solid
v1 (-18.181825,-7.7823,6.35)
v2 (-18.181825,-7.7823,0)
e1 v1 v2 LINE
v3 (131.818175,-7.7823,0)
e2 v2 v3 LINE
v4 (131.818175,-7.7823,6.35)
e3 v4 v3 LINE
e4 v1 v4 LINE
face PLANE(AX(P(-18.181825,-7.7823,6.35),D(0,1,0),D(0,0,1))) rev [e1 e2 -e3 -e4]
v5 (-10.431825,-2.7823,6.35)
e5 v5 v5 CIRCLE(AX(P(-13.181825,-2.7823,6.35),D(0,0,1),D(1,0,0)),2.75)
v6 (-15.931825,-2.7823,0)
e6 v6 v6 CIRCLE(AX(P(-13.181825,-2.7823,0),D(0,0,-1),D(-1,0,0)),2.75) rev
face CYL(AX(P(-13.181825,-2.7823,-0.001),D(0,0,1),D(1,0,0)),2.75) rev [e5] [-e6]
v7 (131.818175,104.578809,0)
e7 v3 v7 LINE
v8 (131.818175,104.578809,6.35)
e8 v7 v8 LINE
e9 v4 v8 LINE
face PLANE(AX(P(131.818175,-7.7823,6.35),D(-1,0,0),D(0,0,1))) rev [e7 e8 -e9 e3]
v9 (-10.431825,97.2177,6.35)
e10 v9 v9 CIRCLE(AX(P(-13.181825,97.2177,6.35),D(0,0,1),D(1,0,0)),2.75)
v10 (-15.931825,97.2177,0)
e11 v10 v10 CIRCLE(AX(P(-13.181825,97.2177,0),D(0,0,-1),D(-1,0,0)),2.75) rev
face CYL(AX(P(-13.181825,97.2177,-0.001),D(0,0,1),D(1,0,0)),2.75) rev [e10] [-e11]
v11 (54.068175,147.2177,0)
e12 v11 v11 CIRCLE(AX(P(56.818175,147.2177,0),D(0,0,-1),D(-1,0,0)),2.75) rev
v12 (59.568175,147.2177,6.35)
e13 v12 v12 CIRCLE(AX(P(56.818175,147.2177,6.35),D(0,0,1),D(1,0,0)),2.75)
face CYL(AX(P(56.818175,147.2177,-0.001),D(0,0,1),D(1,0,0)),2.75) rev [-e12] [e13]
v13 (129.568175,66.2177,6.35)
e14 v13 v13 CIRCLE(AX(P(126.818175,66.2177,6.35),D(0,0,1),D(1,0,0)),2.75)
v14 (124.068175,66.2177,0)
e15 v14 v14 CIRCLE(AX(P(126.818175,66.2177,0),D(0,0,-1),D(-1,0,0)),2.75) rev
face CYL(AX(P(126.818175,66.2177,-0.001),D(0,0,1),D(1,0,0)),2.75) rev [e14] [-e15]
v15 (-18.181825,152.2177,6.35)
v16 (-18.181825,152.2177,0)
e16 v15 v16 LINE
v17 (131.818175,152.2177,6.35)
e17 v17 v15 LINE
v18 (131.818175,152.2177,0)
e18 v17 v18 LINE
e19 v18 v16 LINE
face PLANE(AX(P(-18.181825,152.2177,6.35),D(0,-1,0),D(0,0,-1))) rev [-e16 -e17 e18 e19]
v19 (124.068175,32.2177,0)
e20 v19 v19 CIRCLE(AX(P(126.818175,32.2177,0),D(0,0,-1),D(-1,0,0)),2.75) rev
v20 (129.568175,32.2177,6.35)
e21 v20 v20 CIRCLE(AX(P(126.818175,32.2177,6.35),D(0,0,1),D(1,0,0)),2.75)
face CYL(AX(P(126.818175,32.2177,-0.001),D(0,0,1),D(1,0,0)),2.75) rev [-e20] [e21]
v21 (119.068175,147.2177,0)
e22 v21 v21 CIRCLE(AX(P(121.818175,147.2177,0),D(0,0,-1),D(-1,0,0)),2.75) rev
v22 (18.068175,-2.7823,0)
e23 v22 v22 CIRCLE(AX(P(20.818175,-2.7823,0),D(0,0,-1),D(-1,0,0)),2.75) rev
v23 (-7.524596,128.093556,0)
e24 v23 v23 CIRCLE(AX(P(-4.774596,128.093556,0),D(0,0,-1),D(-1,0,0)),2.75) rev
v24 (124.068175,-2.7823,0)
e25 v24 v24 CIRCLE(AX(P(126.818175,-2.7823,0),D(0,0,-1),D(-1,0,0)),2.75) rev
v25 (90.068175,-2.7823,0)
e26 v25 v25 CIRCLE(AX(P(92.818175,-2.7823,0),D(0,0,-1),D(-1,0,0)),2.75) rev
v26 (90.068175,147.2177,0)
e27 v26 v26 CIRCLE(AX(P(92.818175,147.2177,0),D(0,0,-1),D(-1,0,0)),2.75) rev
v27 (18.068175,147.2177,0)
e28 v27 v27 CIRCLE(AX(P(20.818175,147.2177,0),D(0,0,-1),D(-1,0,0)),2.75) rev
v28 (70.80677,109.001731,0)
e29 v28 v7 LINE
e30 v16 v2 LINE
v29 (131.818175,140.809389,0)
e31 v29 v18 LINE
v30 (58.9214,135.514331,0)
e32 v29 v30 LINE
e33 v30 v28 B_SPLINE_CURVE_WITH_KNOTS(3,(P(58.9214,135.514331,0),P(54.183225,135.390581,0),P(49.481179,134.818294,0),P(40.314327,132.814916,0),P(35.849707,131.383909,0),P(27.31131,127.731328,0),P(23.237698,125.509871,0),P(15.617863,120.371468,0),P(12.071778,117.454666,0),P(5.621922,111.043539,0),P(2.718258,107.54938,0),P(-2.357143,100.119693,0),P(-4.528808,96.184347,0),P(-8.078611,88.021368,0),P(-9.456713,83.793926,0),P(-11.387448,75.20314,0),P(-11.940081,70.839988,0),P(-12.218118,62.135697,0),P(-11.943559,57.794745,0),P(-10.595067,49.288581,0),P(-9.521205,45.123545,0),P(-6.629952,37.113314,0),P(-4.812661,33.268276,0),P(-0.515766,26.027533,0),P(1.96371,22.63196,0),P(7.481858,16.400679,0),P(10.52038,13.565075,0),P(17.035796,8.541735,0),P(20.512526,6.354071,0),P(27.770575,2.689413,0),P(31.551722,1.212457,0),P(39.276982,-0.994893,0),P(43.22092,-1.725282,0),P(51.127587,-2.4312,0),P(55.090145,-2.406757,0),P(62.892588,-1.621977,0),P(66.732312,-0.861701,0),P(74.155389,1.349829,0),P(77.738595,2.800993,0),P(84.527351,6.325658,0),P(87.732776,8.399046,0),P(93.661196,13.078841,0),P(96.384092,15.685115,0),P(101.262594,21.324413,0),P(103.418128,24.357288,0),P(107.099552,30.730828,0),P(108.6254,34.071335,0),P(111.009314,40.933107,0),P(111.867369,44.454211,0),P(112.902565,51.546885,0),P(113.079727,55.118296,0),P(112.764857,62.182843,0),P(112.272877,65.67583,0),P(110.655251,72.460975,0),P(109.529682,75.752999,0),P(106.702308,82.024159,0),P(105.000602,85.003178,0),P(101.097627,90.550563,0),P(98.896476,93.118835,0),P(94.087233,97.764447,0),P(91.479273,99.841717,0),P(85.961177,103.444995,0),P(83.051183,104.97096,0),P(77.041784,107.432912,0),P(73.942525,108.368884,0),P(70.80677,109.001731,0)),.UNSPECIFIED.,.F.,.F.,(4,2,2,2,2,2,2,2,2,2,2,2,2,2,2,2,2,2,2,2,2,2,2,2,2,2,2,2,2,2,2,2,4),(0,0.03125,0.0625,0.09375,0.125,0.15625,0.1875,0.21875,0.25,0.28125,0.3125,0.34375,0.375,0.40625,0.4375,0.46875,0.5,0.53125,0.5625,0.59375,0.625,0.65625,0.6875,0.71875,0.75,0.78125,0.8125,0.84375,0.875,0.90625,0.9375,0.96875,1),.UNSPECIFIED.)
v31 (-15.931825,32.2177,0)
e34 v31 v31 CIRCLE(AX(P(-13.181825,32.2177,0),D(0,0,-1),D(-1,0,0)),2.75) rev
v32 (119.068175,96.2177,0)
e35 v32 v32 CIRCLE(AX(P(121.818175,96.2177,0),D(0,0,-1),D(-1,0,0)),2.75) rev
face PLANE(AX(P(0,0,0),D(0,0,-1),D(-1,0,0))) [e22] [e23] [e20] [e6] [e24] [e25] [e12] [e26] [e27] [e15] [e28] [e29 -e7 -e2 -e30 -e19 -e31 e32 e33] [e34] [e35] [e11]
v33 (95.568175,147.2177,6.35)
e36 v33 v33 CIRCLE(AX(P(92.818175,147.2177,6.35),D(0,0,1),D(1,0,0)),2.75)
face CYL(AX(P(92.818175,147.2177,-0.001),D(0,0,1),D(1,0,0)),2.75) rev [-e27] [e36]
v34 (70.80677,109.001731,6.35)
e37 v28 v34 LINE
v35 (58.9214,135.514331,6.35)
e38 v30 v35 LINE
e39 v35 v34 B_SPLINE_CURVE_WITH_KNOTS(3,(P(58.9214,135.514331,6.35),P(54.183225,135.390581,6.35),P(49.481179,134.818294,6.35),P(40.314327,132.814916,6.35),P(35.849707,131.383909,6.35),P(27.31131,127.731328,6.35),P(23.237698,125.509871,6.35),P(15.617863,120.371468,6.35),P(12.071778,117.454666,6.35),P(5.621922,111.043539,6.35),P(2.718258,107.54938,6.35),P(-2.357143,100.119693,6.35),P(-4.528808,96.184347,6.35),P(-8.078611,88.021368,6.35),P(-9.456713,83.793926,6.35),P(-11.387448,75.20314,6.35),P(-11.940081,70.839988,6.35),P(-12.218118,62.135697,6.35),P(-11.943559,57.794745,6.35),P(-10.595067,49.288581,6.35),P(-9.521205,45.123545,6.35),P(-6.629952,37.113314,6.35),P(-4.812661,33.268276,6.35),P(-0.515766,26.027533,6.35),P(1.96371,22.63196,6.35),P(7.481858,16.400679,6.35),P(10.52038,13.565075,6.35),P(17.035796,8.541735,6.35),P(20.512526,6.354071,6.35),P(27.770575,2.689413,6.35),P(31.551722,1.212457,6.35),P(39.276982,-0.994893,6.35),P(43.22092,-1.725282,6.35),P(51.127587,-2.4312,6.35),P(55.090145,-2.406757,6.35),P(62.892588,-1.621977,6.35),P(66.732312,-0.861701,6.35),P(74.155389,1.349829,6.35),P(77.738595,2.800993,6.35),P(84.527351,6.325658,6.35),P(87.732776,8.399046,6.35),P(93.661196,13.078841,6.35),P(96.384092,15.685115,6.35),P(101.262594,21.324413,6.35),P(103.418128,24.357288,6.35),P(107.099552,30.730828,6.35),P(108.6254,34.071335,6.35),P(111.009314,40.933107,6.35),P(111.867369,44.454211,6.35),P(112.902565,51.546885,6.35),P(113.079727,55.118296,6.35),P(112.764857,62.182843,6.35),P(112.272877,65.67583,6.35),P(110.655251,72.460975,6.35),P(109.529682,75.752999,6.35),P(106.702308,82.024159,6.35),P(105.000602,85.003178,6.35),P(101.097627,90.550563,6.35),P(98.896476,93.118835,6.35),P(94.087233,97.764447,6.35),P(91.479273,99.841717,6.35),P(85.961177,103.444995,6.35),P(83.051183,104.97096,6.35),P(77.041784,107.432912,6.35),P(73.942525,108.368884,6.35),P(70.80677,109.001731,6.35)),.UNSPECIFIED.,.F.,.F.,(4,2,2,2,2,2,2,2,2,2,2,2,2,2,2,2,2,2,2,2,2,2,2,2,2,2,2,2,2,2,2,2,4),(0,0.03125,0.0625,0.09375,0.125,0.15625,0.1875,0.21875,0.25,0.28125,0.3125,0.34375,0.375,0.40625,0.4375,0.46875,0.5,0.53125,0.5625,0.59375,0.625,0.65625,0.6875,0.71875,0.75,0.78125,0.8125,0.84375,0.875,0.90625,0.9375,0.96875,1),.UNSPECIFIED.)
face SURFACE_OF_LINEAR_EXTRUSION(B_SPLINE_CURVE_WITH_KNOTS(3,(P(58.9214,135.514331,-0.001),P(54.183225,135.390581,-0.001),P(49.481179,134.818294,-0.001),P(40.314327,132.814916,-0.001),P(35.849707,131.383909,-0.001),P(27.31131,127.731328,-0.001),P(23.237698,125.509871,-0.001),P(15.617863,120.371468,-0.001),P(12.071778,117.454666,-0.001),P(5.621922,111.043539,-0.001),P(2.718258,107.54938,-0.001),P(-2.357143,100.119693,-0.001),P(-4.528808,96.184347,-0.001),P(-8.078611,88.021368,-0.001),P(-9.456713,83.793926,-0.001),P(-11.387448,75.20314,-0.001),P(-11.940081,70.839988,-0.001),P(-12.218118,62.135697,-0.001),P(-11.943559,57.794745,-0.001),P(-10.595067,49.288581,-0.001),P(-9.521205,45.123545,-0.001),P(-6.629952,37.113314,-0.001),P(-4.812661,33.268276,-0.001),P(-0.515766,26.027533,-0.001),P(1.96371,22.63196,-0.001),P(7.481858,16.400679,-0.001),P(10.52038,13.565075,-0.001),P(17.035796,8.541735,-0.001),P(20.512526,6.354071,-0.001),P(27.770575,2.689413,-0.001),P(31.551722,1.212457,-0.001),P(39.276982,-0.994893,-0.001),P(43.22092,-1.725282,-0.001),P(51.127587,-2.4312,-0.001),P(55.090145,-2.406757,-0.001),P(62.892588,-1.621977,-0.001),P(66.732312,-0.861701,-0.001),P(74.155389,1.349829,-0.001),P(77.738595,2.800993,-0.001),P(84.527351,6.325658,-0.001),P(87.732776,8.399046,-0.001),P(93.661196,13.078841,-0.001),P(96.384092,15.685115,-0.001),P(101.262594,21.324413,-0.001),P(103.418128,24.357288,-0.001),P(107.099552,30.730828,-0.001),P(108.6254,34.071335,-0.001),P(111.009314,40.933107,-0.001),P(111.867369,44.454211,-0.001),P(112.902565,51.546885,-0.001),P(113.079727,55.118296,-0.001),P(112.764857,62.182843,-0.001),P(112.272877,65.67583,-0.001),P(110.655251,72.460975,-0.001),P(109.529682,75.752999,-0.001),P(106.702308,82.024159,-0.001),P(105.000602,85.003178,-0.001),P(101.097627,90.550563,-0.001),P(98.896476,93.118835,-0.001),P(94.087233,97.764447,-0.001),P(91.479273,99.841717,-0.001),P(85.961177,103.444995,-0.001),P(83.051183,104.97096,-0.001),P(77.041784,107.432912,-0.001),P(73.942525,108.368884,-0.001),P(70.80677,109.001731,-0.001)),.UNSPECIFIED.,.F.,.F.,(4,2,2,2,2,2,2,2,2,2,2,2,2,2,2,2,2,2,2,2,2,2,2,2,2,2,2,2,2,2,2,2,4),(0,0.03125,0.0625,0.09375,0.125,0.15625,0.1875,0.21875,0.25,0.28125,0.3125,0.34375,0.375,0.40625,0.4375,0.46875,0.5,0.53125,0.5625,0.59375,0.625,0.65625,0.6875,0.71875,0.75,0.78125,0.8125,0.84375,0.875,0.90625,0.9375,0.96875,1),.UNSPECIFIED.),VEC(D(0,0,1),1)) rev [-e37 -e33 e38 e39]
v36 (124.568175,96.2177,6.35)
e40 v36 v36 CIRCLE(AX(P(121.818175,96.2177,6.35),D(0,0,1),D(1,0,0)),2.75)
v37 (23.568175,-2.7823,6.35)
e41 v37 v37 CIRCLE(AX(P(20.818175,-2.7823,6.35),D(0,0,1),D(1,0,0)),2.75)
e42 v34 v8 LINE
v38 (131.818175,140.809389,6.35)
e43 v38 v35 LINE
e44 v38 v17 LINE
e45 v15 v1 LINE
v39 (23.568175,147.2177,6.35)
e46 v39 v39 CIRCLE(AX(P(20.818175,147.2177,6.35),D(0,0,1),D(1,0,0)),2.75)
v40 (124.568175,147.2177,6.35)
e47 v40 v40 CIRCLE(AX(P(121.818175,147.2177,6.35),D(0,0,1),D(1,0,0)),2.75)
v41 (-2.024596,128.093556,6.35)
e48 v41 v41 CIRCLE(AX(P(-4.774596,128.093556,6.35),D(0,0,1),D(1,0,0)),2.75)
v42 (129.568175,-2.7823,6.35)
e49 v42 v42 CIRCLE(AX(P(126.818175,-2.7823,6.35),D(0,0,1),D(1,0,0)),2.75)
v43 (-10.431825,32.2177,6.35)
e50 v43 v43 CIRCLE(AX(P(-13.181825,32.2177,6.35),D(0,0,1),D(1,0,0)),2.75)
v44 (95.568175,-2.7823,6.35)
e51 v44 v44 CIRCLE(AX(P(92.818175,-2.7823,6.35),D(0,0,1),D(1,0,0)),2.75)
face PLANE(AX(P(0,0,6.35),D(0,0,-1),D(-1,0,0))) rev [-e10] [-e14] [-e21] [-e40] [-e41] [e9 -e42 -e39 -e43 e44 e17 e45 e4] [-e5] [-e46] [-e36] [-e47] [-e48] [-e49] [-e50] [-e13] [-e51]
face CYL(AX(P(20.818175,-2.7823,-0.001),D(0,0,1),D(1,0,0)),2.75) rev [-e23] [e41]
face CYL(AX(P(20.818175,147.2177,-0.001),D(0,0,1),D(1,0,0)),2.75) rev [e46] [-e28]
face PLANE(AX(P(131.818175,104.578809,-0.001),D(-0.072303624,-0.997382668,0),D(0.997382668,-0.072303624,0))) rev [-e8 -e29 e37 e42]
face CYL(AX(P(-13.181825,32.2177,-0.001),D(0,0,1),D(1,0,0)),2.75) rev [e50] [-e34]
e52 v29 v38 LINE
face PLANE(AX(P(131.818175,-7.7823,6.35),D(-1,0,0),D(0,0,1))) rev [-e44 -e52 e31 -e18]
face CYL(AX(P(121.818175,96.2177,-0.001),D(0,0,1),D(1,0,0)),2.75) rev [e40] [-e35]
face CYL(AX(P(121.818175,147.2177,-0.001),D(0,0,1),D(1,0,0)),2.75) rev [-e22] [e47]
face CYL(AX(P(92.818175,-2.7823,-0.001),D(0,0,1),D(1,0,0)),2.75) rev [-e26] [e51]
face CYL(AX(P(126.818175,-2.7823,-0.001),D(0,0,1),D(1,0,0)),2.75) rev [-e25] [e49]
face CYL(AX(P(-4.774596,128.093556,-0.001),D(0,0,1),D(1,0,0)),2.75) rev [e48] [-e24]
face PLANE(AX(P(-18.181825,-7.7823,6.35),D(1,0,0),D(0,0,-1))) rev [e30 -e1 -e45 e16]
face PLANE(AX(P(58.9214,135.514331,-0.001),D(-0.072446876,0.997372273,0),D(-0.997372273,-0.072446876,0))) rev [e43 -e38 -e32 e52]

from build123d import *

# Parameters (mm, degrees)
SKETCH1_W           = 150
SKETCH1_H           = 160
BOSS_EXTRUDE1_DEPTH = 6.35
CUT_EXTRUDE2_REACH  = 8.35
SKETCH2_R           = 50
CUT_EXTRUDE3_REACH  = 8.35
CUT_EXTRUDE4_REACH  = 8.35
SKETCH9_R           = 2.75


with BuildPart() as part:
    # Sketch1 → Boss-Extrude1 (new body)
    with BuildSketch(Plane.XY):
        with Locations((56.818174671, 72.21769967)):
            Rectangle(SKETCH1_W, SKETCH1_H)
    extrude(amount=BOSS_EXTRUDE1_DEPTH)

    # Sketch2 → Cut-Extrude2 (cut, up to next)
    with BuildSketch(Plane.XY, mode=Mode.PRIVATE) as cut_extrude2_sk1:
        with Locations((56.818174671, 60.21769967)):
            Circle(SKETCH2_R)
    cut_extrude2_tool1 = extrude(cut_extrude2_sk1.sketch, amount=CUT_EXTRUDE2_REACH, mode=Mode.PRIVATE) & part.part
    add(cut_extrude2_tool1.solids().sort_by_distance((56.818175, 60.2177, 0))[0], mode=Mode.SUBTRACT)

    # Sketch8 → Cut-Extrude3 (cut, up to next)
    with BuildSketch(Plane.XY.offset(6.35), mode=Mode.PRIVATE) as cut_extrude3_sk1:
        with BuildLine():
            Line((58.92140003, 135.514331195), (131.818174671, 140.809388743))
            Line((131.818174671, 140.809388743), (131.818174671, 104.578808843))
            Line((131.818174671, 104.578808843), (70.806770479, 109.001730739))
            add(Edge.make_bspline(
                [(70.806770479, 109.001730739), (73.942524714, 108.368884336), (77.04178439, 107.432911602), (83.051183235, 104.970960127), (85.961176799, 103.444994734), (91.479272622, 99.84171719), (94.08723275, 97.764446671), (98.896476379, 93.118835241), (101.097626722, 90.550563372), (105.000601765, 85.003178114), (106.702307564, 82.024159237), (109.529682116, 75.752999351), (110.655251092, 72.460975365), (112.272876974, 65.675829551), (112.764857474, 62.18284337), (113.079726502, 55.118296179), (112.902565452, 51.546884758), (111.867369097, 44.454211174), (111.009313557, 40.93310722), (108.625399649, 34.071335338), (107.099551849, 30.730828472), (103.418128221, 24.357288168), (101.262594088, 21.324412639), (96.384092178, 15.685114778), (93.661196375, 13.078841183), (87.732775622, 8.399046081), (84.527350913, 6.325658336), (77.738594716, 2.80099297), (74.155388616, 1.34982877), (66.732312128, -0.861700607), (62.892588137, -1.621977418), (55.090144524, -2.406756839), (51.127587291, -2.431200011), (43.220919756, -1.725282069), (39.276982107, -0.994893308), (31.551721516, 1.212456983), (27.77057526, 2.689412638), (20.512525514, 6.354071351), (17.035796228, 8.541734506), (10.520379708, 13.56507488), (7.481857639, 16.400678926), (1.963709861, 22.631960147), (-0.515766072, 26.027532897), (-4.812661012, 33.268276111), (-6.629951535, 37.113314132), (-9.521205366, 45.123544829), (-10.595066712, 49.288581387), (-11.94355863, 57.794744944), (-12.218118102, 62.135697466), (-11.940081486, 70.8399882), (-11.387448434, 75.203139684), (-9.456713485, 83.793925735), (-8.078610826, 88.021368007), (-4.52880765, 96.184347178), (-2.357143331, 100.119693237), (2.718257783, 107.549380476), (5.621922023, 111.043539373), (12.071778181, 117.454666429), (15.617863156, 120.371467783), (23.237698029, 125.509870744), (27.311309881, 127.731327501), (35.849706709, 131.383908814), (40.314327037, 132.814916259), (49.481179121, 134.818294383), (54.183225201, 135.390580553), (58.92140003, 135.514331195)],
                knots=[0, 0, 0, 0, 0.03125, 0.03125, 0.0625, 0.0625, 0.09375, 0.09375, 0.125, 0.125, 0.15625, 0.15625, 0.1875, 0.1875, 0.21875, 0.21875, 0.25, 0.25, 0.28125, 0.28125, 0.3125, 0.3125, 0.34375, 0.34375, 0.375, 0.375, 0.40625, 0.40625, 0.4375, 0.4375, 0.46875, 0.46875, 0.5, 0.5, 0.53125, 0.53125, 0.5625, 0.5625, 0.59375, 0.59375, 0.625, 0.625, 0.65625, 0.65625, 0.6875, 0.6875, 0.71875, 0.71875, 0.75, 0.75, 0.78125, 0.78125, 0.8125, 0.8125, 0.84375, 0.84375, 0.875, 0.875, 0.90625, 0.90625, 0.9375, 0.9375, 0.96875, 0.96875, 1, 1, 1, 1], degree=3))
        make_face()
    cut_extrude3_tool1 = extrude(cut_extrude3_sk1.sketch, amount=-CUT_EXTRUDE3_REACH, mode=Mode.PRIVATE) & part.part
    add(cut_extrude3_tool1.solids().sort_by_distance((56.233786, 70.895416, 6.35))[0], mode=Mode.SUBTRACT)

    # Sketch9 → Cut-Extrude4 (cut, up to next)
    with BuildSketch(Plane.XY.offset(6.35), mode=Mode.PRIVATE) as cut_extrude4_sk1:
        with Locations((121.818174671, 147.21769967)):
            Circle(SKETCH9_R)
    cut_extrude4_tool1 = extrude(cut_extrude4_sk1.sketch, amount=-CUT_EXTRUDE4_REACH, mode=Mode.PRIVATE) & part.part
    add(cut_extrude4_tool1.solids().sort_by_distance((121.818175, 147.2177, 6.35))[0], mode=Mode.SUBTRACT)
    # Sketch9 → Cut-Extrude4 (cut, up to next)
    with BuildSketch(Plane.XY.offset(6.35), mode=Mode.PRIVATE) as cut_extrude4_sk2:
        with Locations((92.818174671, 147.21769967)):
            Circle(SKETCH9_R)
    cut_extrude4_tool2 = extrude(cut_extrude4_sk2.sketch, amount=-CUT_EXTRUDE4_REACH, mode=Mode.PRIVATE) & part.part
    add(cut_extrude4_tool2.solids().sort_by_distance((92.818175, 147.2177, 6.35))[0], mode=Mode.SUBTRACT)
    # Sketch9 → Cut-Extrude4 (cut, up to next)
    with BuildSketch(Plane.XY.offset(6.35), mode=Mode.PRIVATE) as cut_extrude4_sk3:
        with Locations((56.818174671, 147.21769967)):
            Circle(SKETCH9_R)
    cut_extrude4_tool3 = extrude(cut_extrude4_sk3.sketch, amount=-CUT_EXTRUDE4_REACH, mode=Mode.PRIVATE) & part.part
    add(cut_extrude4_tool3.solids().sort_by_distance((56.818175, 147.2177, 6.35))[0], mode=Mode.SUBTRACT)
    # Sketch9 → Cut-Extrude4 (cut, up to next)
    with BuildSketch(Plane.XY.offset(6.35), mode=Mode.PRIVATE) as cut_extrude4_sk4:
        with Locations((20.818174671, 147.21769967)):
            Circle(SKETCH9_R)
    cut_extrude4_tool4 = extrude(cut_extrude4_sk4.sketch, amount=-CUT_EXTRUDE4_REACH, mode=Mode.PRIVATE) & part.part
    add(cut_extrude4_tool4.solids().sort_by_distance((20.818175, 147.2177, 6.35))[0], mode=Mode.SUBTRACT)
    # Sketch9 → Cut-Extrude4 (cut, up to next)
    with BuildSketch(Plane.XY.offset(6.35), mode=Mode.PRIVATE) as cut_extrude4_sk5:
        with Locations((-4.774596198, 128.093555907)):
            Circle(SKETCH9_R)
    cut_extrude4_tool5 = extrude(cut_extrude4_sk5.sketch, amount=-CUT_EXTRUDE4_REACH, mode=Mode.PRIVATE) & part.part
    add(cut_extrude4_tool5.solids().sort_by_distance((-4.774596, 128.093556, 6.35))[0], mode=Mode.SUBTRACT)
    # Sketch9 → Cut-Extrude4 (cut, up to next)
    with BuildSketch(Plane.XY.offset(6.35), mode=Mode.PRIVATE) as cut_extrude4_sk6:
        with Locations((-13.181825329, 97.21769967)):
            Circle(SKETCH9_R)
    cut_extrude4_tool6 = extrude(cut_extrude4_sk6.sketch, amount=-CUT_EXTRUDE4_REACH, mode=Mode.PRIVATE) & part.part
    add(cut_extrude4_tool6.solids().sort_by_distance((-13.181825, 97.2177, 6.35))[0], mode=Mode.SUBTRACT)
    # Sketch9 → Cut-Extrude4 (cut, up to next)
    with BuildSketch(Plane.XY.offset(6.35), mode=Mode.PRIVATE) as cut_extrude4_sk7:
        with Locations((-13.181825329, 32.21769967)):
            Circle(SKETCH9_R)
    cut_extrude4_tool7 = extrude(cut_extrude4_sk7.sketch, amount=-CUT_EXTRUDE4_REACH, mode=Mode.PRIVATE) & part.part
    add(cut_extrude4_tool7.solids().sort_by_distance((-13.181825, 32.2177, 6.35))[0], mode=Mode.SUBTRACT)
    # Sketch9 → Cut-Extrude4 (cut, up to next)
    with BuildSketch(Plane.XY.offset(6.35), mode=Mode.PRIVATE) as cut_extrude4_sk8:
        with Locations((-13.181825329, -2.78230033)):
            Circle(SKETCH9_R)
    cut_extrude4_tool8 = extrude(cut_extrude4_sk8.sketch, amount=-CUT_EXTRUDE4_REACH, mode=Mode.PRIVATE) & part.part
    add(cut_extrude4_tool8.solids().sort_by_distance((-13.181825, -2.7823, 6.35))[0], mode=Mode.SUBTRACT)
    # Sketch9 → Cut-Extrude4 (cut, up to next)
    with BuildSketch(Plane.XY.offset(6.35), mode=Mode.PRIVATE) as cut_extrude4_sk9:
        with Locations((20.818174671, -2.78230033)):
            Circle(SKETCH9_R)
    cut_extrude4_tool9 = extrude(cut_extrude4_sk9.sketch, amount=-CUT_EXTRUDE4_REACH, mode=Mode.PRIVATE) & part.part
    add(cut_extrude4_tool9.solids().sort_by_distance((20.818175, -2.7823, 6.35))[0], mode=Mode.SUBTRACT)
    # Sketch9 → Cut-Extrude4 (cut, up to next)
    with BuildSketch(Plane.XY.offset(6.35), mode=Mode.PRIVATE) as cut_extrude4_sk10:
        with Locations((92.818174671, -2.78230033)):
            Circle(SKETCH9_R)
    cut_extrude4_tool10 = extrude(cut_extrude4_sk10.sketch, amount=-CUT_EXTRUDE4_REACH, mode=Mode.PRIVATE) & part.part
    add(cut_extrude4_tool10.solids().sort_by_distance((92.818175, -2.7823, 6.35))[0], mode=Mode.SUBTRACT)
    # Sketch9 → Cut-Extrude4 (cut, up to next)
    with BuildSketch(Plane.XY.offset(6.35), mode=Mode.PRIVATE) as cut_extrude4_sk11:
        with Locations((126.818174671, -2.78230033)):
            Circle(SKETCH9_R)
    cut_extrude4_tool11 = extrude(cut_extrude4_sk11.sketch, amount=-CUT_EXTRUDE4_REACH, mode=Mode.PRIVATE) & part.part
    add(cut_extrude4_tool11.solids().sort_by_distance((126.818175, -2.7823, 6.35))[0], mode=Mode.SUBTRACT)
    # Sketch9 → Cut-Extrude4 (cut, up to next)
    with BuildSketch(Plane.XY.offset(6.35), mode=Mode.PRIVATE) as cut_extrude4_sk12:
        with Locations((126.818174671, 32.21769967)):
            Circle(SKETCH9_R)
    cut_extrude4_tool12 = extrude(cut_extrude4_sk12.sketch, amount=-CUT_EXTRUDE4_REACH, mode=Mode.PRIVATE) & part.part
    add(cut_extrude4_tool12.solids().sort_by_distance((126.818175, 32.2177, 6.35))[0], mode=Mode.SUBTRACT)
    # Sketch9 → Cut-Extrude4 (cut, up to next)
    with BuildSketch(Plane.XY.offset(6.35), mode=Mode.PRIVATE) as cut_extrude4_sk13:
        with Locations((126.818174671, 66.21769967)):
            Circle(SKETCH9_R)
    cut_extrude4_tool13 = extrude(cut_extrude4_sk13.sketch, amount=-CUT_EXTRUDE4_REACH, mode=Mode.PRIVATE) & part.part
    add(cut_extrude4_tool13.solids().sort_by_distance((126.818175, 66.2177, 6.35))[0], mode=Mode.SUBTRACT)
    # Sketch9 → Cut-Extrude4 (cut, up to next)
    with BuildSketch(Plane.XY.offset(6.35), mode=Mode.PRIVATE) as cut_extrude4_sk14:
        with Locations((121.818174671, 96.21769967)):
            Circle(SKETCH9_R)
    cut_extrude4_tool14 = extrude(cut_extrude4_sk14.sketch, amount=-CUT_EXTRUDE4_REACH, mode=Mode.PRIVATE) & part.part
    add(cut_extrude4_tool14.solids().sort_by_distance((121.818175, 96.2177, 6.35))[0], mode=Mode.SUBTRACT)


solid = part.part
